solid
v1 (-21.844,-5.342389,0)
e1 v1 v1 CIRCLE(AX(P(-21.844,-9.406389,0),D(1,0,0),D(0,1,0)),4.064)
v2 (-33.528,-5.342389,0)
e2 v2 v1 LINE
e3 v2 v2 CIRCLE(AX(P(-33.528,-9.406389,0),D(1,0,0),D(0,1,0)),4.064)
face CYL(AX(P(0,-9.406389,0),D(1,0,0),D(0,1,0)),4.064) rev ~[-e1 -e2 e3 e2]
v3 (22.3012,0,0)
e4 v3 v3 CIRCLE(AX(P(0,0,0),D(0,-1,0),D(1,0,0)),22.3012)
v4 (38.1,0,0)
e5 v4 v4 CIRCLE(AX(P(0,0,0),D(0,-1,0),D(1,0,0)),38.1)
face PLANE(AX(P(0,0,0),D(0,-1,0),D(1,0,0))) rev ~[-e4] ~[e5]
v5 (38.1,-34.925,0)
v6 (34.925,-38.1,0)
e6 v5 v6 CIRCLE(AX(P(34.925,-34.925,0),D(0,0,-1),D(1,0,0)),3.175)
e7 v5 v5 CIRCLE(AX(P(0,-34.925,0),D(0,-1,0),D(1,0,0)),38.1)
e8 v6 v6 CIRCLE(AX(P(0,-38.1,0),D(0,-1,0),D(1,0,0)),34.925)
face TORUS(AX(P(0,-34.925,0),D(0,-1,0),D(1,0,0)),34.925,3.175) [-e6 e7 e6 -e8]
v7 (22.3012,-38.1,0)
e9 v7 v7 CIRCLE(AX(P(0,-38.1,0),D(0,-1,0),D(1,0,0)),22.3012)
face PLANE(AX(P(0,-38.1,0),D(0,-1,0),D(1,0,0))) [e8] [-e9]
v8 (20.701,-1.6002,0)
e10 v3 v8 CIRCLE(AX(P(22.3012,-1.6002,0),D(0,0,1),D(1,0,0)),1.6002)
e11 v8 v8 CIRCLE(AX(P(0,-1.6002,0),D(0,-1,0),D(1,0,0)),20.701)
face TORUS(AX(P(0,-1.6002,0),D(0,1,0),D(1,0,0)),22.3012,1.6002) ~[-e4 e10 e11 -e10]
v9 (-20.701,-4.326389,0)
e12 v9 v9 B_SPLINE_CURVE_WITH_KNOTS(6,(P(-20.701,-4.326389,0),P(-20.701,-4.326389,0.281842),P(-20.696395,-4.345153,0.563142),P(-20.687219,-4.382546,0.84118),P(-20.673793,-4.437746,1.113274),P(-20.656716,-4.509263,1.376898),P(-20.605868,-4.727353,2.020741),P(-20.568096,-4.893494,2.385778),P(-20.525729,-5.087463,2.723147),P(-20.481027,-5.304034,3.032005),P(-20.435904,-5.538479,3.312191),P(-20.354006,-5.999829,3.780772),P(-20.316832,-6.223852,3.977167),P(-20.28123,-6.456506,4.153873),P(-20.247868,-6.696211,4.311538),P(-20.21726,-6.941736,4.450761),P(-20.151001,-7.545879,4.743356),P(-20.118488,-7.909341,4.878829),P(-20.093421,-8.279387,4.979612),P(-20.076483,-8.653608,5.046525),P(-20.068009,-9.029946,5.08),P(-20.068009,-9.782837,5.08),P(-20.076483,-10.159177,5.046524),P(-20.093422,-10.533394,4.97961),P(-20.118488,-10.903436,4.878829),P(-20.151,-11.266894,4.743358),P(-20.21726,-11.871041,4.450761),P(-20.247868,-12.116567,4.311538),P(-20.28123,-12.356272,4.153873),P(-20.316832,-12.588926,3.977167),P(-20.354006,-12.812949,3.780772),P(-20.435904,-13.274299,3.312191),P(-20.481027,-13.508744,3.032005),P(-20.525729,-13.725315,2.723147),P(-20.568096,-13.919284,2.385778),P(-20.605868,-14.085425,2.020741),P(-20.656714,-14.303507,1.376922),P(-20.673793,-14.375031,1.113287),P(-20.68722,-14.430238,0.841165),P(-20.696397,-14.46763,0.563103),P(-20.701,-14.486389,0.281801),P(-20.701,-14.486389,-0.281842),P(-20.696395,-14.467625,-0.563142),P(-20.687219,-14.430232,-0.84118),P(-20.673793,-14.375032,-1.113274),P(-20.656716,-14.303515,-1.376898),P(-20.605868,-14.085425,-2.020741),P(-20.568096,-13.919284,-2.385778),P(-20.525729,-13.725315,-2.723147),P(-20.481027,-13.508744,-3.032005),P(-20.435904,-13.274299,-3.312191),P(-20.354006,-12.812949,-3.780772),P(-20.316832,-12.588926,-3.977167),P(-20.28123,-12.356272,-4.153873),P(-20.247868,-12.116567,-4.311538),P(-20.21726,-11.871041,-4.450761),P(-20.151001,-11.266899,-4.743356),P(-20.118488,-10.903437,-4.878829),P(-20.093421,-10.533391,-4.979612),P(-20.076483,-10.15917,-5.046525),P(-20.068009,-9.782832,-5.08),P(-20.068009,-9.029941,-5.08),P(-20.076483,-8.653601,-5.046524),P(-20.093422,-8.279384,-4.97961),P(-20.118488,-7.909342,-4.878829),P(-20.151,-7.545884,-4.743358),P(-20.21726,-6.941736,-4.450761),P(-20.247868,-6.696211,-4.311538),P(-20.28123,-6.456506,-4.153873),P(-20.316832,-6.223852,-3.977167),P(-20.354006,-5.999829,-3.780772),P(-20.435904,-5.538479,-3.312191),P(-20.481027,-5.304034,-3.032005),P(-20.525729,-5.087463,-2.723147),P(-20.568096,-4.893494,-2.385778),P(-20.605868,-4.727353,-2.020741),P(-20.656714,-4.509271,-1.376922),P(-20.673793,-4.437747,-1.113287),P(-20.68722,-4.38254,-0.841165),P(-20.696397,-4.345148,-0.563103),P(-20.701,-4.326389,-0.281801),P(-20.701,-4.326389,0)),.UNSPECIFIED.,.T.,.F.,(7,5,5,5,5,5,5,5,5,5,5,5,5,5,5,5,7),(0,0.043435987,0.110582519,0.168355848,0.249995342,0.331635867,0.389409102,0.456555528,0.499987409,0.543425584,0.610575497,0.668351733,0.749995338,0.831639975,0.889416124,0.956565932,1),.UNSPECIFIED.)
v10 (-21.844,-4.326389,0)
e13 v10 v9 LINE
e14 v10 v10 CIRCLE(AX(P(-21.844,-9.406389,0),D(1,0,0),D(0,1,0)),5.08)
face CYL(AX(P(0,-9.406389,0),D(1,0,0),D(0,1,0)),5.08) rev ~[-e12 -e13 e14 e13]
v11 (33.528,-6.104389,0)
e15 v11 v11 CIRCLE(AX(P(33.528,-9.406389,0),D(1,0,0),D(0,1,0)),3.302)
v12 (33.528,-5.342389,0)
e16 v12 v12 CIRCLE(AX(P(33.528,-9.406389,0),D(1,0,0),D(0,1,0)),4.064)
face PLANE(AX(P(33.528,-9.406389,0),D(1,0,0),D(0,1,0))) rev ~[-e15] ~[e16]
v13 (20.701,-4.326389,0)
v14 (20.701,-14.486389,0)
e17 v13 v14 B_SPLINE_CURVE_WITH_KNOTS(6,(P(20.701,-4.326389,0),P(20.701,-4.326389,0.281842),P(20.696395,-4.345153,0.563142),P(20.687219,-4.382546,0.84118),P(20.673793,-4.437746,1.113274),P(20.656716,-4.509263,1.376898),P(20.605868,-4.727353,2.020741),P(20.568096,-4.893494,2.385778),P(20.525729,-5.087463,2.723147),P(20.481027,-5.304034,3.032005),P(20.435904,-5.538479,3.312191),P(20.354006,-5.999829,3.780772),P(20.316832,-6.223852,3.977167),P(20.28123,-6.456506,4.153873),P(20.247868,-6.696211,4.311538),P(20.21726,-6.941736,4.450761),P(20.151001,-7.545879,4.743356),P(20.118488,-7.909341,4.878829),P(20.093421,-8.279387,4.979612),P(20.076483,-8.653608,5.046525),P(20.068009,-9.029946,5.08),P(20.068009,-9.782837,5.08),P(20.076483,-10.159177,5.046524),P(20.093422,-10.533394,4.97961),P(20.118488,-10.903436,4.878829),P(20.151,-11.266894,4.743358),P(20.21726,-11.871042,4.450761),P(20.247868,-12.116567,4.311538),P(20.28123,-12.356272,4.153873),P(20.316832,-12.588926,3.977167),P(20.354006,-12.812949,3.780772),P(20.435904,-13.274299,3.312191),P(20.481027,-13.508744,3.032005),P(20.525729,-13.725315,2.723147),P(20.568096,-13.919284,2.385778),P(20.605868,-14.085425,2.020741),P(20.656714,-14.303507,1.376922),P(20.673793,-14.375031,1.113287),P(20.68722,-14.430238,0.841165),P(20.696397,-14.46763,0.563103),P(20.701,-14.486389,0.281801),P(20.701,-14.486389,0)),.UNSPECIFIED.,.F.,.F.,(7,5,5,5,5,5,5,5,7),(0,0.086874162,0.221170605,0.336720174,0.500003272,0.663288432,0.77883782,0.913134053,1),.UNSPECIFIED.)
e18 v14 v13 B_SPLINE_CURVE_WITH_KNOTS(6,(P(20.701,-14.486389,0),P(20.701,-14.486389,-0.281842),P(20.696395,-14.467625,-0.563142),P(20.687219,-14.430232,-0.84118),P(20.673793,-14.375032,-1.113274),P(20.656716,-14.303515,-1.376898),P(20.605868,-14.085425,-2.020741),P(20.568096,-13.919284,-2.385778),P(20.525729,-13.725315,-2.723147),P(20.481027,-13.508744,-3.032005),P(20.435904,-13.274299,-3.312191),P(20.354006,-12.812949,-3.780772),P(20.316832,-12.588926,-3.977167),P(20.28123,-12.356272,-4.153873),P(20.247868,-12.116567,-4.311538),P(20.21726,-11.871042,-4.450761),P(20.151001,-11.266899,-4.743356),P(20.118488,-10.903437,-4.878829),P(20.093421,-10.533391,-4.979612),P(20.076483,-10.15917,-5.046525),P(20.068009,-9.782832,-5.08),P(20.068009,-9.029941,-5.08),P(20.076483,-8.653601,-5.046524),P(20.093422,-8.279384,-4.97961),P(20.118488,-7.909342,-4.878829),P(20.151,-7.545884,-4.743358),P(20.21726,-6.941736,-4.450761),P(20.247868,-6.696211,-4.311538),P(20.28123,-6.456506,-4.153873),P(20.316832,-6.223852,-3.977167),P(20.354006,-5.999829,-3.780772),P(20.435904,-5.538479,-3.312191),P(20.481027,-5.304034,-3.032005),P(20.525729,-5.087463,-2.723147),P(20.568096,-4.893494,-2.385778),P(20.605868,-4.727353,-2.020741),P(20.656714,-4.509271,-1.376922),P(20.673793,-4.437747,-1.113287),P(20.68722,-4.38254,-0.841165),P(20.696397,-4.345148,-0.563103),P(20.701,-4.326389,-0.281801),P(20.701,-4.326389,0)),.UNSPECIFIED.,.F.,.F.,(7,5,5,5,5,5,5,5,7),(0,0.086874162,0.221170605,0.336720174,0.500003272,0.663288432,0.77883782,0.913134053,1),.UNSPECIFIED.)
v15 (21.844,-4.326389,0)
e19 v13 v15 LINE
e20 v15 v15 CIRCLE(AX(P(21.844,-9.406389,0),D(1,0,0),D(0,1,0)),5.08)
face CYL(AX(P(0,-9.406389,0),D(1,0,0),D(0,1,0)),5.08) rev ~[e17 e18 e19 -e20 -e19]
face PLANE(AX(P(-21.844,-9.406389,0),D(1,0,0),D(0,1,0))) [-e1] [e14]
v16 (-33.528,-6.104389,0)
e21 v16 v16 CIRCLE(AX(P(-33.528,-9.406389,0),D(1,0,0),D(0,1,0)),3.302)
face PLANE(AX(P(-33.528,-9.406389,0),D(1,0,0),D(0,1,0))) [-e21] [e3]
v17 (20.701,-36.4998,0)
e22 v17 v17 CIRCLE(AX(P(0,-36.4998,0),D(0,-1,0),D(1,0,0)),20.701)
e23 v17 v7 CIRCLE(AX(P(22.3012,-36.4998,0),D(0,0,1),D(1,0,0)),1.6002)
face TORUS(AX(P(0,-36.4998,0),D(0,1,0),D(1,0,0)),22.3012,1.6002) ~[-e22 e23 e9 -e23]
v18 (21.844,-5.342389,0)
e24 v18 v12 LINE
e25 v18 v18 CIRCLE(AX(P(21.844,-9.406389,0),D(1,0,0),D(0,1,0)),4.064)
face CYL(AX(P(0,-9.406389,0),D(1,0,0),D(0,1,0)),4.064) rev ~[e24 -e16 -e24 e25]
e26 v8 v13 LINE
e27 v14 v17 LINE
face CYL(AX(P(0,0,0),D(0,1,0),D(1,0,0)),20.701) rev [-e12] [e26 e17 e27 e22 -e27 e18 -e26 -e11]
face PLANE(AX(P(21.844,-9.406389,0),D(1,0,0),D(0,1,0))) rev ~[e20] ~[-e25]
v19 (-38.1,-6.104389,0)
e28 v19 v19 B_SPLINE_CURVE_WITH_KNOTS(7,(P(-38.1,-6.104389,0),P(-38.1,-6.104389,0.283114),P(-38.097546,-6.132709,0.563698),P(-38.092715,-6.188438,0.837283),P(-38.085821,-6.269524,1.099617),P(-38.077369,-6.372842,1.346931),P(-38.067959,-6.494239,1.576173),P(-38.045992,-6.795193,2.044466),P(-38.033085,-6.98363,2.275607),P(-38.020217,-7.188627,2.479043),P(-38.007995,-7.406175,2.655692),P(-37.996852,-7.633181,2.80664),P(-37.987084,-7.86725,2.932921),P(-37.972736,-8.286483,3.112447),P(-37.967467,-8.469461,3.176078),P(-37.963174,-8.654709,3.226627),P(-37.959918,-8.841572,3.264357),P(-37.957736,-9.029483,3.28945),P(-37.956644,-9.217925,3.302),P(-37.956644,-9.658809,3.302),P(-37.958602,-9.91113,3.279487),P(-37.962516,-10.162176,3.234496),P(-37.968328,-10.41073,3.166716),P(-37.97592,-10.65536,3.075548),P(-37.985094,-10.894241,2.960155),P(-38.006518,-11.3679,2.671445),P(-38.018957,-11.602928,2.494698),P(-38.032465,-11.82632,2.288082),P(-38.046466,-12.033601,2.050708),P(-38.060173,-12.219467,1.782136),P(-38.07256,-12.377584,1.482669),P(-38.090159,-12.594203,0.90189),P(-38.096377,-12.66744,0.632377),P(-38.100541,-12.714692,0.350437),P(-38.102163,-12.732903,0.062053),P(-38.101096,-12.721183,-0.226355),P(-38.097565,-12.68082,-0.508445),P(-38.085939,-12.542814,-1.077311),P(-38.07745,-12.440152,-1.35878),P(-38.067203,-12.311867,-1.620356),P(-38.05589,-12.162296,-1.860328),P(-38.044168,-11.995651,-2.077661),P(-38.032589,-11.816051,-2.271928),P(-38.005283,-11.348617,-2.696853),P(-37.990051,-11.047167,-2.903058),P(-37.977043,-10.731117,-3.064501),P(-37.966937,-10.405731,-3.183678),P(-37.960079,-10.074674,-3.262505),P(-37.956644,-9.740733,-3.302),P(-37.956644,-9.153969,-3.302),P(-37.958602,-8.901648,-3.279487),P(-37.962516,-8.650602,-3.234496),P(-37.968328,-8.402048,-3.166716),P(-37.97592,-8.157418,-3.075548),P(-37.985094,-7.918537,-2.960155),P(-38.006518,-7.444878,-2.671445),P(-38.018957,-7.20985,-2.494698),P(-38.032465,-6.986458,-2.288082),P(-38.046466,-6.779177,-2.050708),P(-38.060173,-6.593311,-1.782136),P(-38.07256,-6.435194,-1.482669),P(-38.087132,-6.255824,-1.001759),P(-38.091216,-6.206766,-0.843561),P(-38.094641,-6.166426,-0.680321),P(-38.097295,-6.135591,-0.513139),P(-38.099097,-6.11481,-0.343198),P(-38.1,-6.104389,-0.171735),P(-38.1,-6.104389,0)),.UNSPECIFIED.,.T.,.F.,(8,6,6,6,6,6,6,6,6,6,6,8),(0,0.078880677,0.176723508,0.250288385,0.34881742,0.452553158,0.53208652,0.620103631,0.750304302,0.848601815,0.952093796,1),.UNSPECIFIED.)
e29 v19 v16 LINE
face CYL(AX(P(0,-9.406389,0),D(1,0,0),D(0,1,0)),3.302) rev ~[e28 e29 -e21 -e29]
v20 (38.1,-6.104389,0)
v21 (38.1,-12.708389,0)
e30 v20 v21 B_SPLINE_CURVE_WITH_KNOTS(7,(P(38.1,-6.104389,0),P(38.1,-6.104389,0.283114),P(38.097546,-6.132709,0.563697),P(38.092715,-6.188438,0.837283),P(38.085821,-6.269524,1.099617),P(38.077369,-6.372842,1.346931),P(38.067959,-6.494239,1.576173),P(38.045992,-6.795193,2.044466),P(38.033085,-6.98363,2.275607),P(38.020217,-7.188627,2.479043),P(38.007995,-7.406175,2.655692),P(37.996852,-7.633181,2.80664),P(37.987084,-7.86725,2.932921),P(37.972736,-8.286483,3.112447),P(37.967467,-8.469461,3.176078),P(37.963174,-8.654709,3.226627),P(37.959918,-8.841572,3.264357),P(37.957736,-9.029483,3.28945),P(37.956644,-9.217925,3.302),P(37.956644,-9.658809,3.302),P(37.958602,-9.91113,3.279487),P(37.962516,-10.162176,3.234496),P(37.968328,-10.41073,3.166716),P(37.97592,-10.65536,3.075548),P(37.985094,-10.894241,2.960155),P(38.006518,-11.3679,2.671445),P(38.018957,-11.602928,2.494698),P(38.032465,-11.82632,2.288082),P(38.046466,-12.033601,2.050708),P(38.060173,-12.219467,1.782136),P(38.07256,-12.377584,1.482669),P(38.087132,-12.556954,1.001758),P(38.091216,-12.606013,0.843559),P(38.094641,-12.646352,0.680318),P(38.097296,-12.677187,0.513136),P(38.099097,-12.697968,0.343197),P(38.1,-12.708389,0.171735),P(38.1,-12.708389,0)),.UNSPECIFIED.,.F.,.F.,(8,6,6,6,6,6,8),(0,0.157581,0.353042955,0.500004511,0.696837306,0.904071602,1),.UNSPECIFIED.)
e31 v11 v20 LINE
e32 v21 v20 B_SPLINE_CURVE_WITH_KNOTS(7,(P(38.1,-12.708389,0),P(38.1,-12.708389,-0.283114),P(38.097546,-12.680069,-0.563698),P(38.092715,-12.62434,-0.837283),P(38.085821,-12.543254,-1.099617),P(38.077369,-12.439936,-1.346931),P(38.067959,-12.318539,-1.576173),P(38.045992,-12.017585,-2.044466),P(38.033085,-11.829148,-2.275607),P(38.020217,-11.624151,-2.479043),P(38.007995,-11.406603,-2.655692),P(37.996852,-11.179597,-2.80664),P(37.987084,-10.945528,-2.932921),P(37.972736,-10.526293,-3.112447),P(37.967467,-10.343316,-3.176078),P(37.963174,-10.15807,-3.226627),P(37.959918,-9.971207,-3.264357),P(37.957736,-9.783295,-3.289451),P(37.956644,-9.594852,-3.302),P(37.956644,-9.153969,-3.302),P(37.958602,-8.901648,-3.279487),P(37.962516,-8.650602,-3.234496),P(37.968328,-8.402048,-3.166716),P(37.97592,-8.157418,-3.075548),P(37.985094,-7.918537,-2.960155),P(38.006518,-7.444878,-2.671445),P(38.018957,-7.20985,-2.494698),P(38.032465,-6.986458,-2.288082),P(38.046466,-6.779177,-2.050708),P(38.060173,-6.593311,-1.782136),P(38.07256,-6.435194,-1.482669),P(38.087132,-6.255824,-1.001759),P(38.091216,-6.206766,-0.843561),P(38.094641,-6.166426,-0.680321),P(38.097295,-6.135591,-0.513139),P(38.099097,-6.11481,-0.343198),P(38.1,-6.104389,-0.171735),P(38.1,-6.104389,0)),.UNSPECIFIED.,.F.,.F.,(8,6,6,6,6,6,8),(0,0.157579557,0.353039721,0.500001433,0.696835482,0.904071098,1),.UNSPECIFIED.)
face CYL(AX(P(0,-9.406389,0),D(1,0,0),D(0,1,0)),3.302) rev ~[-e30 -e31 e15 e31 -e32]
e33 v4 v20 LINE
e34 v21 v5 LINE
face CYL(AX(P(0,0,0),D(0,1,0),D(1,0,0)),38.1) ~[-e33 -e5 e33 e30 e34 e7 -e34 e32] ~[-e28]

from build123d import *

# Parameters (mm, degrees)
F0_R     = 38.1
F0_R_2   = 20.701
F1_DEPTH = 38.1
F2_R     = 3.175
F3_R     = 3.302
F4_DEPTH = 50.8
F3_R_2   = 4.064
F5_DEPTH = 33.528
F3_R_3   = 5.08
F6_DEPTH = 21.844
F7_R     = 1.6002


with BuildPart() as f1:
    # F0 (on Front) → F1 (new body)
    with BuildSketch(Plane.XZ):
        Circle(F0_R)
        Circle(F0_R_2, mode=Mode.SUBTRACT)
    extrude(amount=F1_DEPTH)

    # F2
    f2_edges = [f1.edges().sort_by_distance(p)[0] for p in [
        (-38.1, -38.1, 0),
    ]]
    fillet(f2_edges, radius=F2_R)

    # F3 (on Right) → F4 (cut, symmetric)
    with BuildSketch(Plane.YZ):
        with Locations((-9.406389, 0)):
            Circle(F3_R)
    extrude(amount=F4_DEPTH, both=True, mode=Mode.SUBTRACT)

    # F3 (on Right) → F5 (cut, symmetric)
    with BuildSketch(Plane.YZ):
        with Locations((-9.406389, 0)):
            Circle(F3_R_2)
        with Locations((-9.406389, 0)):
            Circle(F3_R, mode=Mode.SUBTRACT)
    extrude(amount=F5_DEPTH, both=True, mode=Mode.SUBTRACT)

    # F3 (on Right) → F6 (cut, symmetric)
    with BuildSketch(Plane.YZ):
        with Locations((-9.406389, 0)):
            Circle(F3_R_3)
        with Locations((-9.406389, 0)):
            Circle(F3_R_2, mode=Mode.SUBTRACT)
    extrude(amount=F6_DEPTH, both=True, mode=Mode.SUBTRACT)

    # F7
    f7_edges = [f1.edges().sort_by_distance(p)[0] for p in [
        (-20.701, -38.1, 0),
        (-20.701, 0, 0),
    ]]
    fillet(f7_edges, radius=F7_R)


solid = f1.part
